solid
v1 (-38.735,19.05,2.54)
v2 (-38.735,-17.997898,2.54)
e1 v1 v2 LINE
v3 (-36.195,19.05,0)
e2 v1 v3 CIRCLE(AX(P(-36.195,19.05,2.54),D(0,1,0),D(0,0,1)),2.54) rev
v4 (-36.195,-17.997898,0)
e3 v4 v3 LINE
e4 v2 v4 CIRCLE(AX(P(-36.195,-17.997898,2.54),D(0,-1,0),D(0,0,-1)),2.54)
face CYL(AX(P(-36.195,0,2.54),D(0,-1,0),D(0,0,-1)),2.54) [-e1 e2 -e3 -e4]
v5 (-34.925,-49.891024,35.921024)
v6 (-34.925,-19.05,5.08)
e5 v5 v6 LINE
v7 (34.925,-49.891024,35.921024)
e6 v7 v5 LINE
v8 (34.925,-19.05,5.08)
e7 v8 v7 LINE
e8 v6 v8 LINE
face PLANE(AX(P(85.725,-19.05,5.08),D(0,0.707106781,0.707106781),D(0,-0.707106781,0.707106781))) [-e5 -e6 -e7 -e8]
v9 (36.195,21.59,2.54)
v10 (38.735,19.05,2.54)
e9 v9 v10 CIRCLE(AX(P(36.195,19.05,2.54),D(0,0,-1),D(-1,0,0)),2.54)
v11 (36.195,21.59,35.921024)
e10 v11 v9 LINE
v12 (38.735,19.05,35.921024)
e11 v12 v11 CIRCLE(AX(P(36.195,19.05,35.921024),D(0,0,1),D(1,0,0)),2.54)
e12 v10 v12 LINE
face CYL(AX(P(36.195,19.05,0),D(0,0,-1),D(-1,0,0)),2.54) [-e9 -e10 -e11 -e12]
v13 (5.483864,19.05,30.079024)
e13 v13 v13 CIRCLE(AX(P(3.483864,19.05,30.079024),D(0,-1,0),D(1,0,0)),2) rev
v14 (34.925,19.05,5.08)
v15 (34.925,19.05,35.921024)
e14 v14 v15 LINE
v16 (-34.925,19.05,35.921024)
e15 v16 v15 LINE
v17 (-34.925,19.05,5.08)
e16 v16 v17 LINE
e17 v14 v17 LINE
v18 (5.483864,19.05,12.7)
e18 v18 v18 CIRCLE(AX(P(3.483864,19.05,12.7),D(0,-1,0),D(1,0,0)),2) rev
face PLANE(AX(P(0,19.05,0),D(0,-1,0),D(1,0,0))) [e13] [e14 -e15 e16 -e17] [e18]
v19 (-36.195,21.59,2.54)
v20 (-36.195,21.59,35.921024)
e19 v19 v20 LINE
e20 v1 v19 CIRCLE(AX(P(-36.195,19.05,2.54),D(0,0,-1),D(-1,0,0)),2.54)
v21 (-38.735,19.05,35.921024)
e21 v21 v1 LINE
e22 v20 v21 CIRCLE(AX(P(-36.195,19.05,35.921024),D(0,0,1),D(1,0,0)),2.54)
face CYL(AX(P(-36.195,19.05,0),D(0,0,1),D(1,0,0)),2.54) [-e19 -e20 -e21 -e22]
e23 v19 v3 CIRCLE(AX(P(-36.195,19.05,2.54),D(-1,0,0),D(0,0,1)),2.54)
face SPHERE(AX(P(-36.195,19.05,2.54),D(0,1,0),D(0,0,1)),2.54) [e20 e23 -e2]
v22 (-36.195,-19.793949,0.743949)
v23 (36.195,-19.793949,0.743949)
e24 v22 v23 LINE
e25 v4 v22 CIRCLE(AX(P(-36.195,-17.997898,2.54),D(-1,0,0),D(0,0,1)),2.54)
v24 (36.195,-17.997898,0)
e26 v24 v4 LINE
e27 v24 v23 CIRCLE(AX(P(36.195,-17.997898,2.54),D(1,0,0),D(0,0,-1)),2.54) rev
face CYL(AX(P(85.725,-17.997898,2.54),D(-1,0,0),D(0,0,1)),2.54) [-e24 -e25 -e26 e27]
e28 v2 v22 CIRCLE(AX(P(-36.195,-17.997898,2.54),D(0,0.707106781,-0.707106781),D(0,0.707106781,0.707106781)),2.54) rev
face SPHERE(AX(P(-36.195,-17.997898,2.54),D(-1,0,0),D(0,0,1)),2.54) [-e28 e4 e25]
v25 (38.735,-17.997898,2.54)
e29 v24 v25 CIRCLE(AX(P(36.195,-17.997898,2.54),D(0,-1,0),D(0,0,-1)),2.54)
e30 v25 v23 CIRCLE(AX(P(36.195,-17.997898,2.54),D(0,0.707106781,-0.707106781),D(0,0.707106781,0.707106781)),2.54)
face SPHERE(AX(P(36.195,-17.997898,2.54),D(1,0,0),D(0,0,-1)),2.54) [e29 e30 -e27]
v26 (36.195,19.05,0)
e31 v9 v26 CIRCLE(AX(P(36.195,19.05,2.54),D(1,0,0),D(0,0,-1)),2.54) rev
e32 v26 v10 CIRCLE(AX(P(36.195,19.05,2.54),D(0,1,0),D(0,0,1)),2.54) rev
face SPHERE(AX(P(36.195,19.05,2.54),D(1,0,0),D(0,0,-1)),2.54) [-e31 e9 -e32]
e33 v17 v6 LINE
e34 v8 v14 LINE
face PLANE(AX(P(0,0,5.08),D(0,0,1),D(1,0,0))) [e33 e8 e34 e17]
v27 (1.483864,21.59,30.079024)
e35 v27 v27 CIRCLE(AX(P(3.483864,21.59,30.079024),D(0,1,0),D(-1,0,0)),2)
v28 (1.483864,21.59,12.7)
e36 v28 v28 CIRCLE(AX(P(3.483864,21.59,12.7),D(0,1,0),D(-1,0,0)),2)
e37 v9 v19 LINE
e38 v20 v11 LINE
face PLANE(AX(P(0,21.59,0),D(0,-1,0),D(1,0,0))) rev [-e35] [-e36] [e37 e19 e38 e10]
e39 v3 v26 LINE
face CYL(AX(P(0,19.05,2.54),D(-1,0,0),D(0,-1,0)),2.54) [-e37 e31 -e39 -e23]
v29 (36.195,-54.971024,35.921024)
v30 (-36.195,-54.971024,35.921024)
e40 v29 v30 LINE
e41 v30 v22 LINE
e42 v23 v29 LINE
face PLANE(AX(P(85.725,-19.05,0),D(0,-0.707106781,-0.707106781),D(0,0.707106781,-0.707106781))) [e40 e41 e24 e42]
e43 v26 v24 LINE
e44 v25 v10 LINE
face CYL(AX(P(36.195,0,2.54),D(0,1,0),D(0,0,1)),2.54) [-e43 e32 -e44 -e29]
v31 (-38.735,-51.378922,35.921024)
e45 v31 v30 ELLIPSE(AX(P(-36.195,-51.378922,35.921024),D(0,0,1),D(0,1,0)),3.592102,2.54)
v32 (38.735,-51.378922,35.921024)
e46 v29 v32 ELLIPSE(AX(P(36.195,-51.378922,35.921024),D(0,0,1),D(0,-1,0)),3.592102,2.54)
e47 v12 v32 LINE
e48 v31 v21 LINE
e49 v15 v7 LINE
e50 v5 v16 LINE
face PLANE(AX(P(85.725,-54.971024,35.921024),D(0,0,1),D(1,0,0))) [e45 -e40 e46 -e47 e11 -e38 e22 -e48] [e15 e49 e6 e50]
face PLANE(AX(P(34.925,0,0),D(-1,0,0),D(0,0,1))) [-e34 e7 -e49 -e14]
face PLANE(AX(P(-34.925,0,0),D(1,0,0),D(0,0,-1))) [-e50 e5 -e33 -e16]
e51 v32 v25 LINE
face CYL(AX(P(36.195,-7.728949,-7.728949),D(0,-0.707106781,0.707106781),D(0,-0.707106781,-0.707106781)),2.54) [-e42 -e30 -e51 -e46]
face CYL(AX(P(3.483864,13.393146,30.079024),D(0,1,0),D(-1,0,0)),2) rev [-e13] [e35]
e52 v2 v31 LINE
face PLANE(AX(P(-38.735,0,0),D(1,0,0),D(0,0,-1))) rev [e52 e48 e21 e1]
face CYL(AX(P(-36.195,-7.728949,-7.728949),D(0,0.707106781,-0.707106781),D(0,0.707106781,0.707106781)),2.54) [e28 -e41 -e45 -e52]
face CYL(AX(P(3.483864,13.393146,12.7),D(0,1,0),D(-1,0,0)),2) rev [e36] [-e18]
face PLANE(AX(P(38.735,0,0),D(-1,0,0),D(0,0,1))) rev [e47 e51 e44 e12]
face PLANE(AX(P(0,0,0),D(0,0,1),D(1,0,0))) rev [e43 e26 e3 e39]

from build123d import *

# Parameters (mm, degrees)
SKETCH1_W           = 69.85
SKETCH1_H           = 38.1
BOSS_EXTRUDE1_DEPTH = 5.08
BOSS_EXTRUDE2_DEPTH = 69.85
BOSS_EXTRUDE3_DEPTH = 3.81
BOSS_EXTRUDE4_DEPTH = 3.81
SKETCH6_W           = 77.47
SKETCH6_H           = 35.921024484
BOSS_EXTRUDE5_DEPTH = 2.54
FILLET1_R           = 2.54
CUT_EXTRUDE1_DEPTH  = 2.54


with BuildPart() as part:
    # Sketch1 → Boss-Extrude1 (new body)
    with BuildSketch(Plane.XY):
        Rectangle(SKETCH1_W, SKETCH1_H)
    extrude(amount=BOSS_EXTRUDE1_DEPTH)

    # Sketch2 → Boss-Extrude2 (add)
    with BuildSketch(Plane.ZY.offset(34.925)):
        Polygon((5.08, -19.05), (20.200368371, -34.170368371), (29.556522172, -43.526522172), (35.921024484, -49.891024484), (35.921024484, -54.971024484), (0, -19.05), align=None)
    extrude(amount=-BOSS_EXTRUDE2_DEPTH)

    # Sketch3 → Boss-Extrude3 (add)
    with BuildSketch(Plane(origin=(34.925, 0, 0), x_dir=(0, 0, -1), z_dir=(1, 0, 0))):
        Polygon((-35.921024484, -54.971024484), (0, -19.05), (0, 19.05), (-35.921024484, 19.05), align=None)
    extrude(amount=BOSS_EXTRUDE3_DEPTH)

    # Sketch5 → Boss-Extrude4 (add)
    with BuildSketch(Plane.ZY.offset(34.925)):
        Polygon((5.08, 19.05), (35.921024484, 19.05), (35.921024484, -54.971024484), (0, -19.05), (0, 19.05), align=None)
    extrude(amount=BOSS_EXTRUDE4_DEPTH)

    # Sketch6 → Boss-Extrude5 (add)
    with BuildSketch(Plane(origin=(0, 19.05, 0), x_dir=(1, 0, 0), z_dir=(0, 1, 0))):
        with Locations((0, -17.960512242)):
            Rectangle(SKETCH6_W, SKETCH6_H)
    extrude(amount=BOSS_EXTRUDE5_DEPTH)

    # Fillet1
    fillet1_edges = [part.edges().sort_by_distance(p)[0] for p in [
        (38.735, -37.010512242, 17.960512242),
        (38.735, 1.27, 0),
        (-38.735, 1.27, 0),
        (-38.735, -37.010512242, 17.960512242),
        (0, -19.05, 0),
        (38.735, 21.59, 17.960512242),
        (0, 21.59, 0),
        (-38.735, 21.59, 17.960512242),
    ]]
    fillet(fillet1_edges, radius=FILLET1_R)

    # Sketch7 → Cut-Extrude1 (cut)
    with BuildSketch(Plane(origin=(0, 21.59, 0), x_dir=(1, 0, 0), z_dir=(0, 1, 0))):
        with BuildLine():
            ThreePointArc((5.483864, -12.7), (4.898077562, -11.285786438), (3.483864, -10.7))
            Line((3.483864, -10.7), (3.483864, -14.7))
            ThreePointArc((3.483864, -14.7), (4.898077562, -14.114213562), (5.483864, -12.7))
        make_face()
        with BuildLine():
            Line((3.483864, -14.7), (3.483864, -10.7))
            ThreePointArc((3.483864, -10.7), (1.483864, -12.7), (3.483864, -14.7))
        make_face()
        with BuildLine():
            ThreePointArc((5.483864, -30.079024484), (4.898077562, -28.664810922), (3.483864, -28.079024484))
            Line((3.483864, -28.079024484), (3.483864, -32.079024484))
            ThreePointArc((3.483864, -32.079024484), (4.898077562, -31.493238047), (5.483864, -30.079024484))
        make_face()
        with BuildLine():
            Line((3.483864, -32.079024484), (3.483864, -28.079024484))
            ThreePointArc((3.483864, -28.079024484), (1.483864, -30.079024484), (3.483864, -32.079024484))
        make_face()
    extrude(amount=-CUT_EXTRUDE1_DEPTH, mode=Mode.SUBTRACT)


solid = part.part
